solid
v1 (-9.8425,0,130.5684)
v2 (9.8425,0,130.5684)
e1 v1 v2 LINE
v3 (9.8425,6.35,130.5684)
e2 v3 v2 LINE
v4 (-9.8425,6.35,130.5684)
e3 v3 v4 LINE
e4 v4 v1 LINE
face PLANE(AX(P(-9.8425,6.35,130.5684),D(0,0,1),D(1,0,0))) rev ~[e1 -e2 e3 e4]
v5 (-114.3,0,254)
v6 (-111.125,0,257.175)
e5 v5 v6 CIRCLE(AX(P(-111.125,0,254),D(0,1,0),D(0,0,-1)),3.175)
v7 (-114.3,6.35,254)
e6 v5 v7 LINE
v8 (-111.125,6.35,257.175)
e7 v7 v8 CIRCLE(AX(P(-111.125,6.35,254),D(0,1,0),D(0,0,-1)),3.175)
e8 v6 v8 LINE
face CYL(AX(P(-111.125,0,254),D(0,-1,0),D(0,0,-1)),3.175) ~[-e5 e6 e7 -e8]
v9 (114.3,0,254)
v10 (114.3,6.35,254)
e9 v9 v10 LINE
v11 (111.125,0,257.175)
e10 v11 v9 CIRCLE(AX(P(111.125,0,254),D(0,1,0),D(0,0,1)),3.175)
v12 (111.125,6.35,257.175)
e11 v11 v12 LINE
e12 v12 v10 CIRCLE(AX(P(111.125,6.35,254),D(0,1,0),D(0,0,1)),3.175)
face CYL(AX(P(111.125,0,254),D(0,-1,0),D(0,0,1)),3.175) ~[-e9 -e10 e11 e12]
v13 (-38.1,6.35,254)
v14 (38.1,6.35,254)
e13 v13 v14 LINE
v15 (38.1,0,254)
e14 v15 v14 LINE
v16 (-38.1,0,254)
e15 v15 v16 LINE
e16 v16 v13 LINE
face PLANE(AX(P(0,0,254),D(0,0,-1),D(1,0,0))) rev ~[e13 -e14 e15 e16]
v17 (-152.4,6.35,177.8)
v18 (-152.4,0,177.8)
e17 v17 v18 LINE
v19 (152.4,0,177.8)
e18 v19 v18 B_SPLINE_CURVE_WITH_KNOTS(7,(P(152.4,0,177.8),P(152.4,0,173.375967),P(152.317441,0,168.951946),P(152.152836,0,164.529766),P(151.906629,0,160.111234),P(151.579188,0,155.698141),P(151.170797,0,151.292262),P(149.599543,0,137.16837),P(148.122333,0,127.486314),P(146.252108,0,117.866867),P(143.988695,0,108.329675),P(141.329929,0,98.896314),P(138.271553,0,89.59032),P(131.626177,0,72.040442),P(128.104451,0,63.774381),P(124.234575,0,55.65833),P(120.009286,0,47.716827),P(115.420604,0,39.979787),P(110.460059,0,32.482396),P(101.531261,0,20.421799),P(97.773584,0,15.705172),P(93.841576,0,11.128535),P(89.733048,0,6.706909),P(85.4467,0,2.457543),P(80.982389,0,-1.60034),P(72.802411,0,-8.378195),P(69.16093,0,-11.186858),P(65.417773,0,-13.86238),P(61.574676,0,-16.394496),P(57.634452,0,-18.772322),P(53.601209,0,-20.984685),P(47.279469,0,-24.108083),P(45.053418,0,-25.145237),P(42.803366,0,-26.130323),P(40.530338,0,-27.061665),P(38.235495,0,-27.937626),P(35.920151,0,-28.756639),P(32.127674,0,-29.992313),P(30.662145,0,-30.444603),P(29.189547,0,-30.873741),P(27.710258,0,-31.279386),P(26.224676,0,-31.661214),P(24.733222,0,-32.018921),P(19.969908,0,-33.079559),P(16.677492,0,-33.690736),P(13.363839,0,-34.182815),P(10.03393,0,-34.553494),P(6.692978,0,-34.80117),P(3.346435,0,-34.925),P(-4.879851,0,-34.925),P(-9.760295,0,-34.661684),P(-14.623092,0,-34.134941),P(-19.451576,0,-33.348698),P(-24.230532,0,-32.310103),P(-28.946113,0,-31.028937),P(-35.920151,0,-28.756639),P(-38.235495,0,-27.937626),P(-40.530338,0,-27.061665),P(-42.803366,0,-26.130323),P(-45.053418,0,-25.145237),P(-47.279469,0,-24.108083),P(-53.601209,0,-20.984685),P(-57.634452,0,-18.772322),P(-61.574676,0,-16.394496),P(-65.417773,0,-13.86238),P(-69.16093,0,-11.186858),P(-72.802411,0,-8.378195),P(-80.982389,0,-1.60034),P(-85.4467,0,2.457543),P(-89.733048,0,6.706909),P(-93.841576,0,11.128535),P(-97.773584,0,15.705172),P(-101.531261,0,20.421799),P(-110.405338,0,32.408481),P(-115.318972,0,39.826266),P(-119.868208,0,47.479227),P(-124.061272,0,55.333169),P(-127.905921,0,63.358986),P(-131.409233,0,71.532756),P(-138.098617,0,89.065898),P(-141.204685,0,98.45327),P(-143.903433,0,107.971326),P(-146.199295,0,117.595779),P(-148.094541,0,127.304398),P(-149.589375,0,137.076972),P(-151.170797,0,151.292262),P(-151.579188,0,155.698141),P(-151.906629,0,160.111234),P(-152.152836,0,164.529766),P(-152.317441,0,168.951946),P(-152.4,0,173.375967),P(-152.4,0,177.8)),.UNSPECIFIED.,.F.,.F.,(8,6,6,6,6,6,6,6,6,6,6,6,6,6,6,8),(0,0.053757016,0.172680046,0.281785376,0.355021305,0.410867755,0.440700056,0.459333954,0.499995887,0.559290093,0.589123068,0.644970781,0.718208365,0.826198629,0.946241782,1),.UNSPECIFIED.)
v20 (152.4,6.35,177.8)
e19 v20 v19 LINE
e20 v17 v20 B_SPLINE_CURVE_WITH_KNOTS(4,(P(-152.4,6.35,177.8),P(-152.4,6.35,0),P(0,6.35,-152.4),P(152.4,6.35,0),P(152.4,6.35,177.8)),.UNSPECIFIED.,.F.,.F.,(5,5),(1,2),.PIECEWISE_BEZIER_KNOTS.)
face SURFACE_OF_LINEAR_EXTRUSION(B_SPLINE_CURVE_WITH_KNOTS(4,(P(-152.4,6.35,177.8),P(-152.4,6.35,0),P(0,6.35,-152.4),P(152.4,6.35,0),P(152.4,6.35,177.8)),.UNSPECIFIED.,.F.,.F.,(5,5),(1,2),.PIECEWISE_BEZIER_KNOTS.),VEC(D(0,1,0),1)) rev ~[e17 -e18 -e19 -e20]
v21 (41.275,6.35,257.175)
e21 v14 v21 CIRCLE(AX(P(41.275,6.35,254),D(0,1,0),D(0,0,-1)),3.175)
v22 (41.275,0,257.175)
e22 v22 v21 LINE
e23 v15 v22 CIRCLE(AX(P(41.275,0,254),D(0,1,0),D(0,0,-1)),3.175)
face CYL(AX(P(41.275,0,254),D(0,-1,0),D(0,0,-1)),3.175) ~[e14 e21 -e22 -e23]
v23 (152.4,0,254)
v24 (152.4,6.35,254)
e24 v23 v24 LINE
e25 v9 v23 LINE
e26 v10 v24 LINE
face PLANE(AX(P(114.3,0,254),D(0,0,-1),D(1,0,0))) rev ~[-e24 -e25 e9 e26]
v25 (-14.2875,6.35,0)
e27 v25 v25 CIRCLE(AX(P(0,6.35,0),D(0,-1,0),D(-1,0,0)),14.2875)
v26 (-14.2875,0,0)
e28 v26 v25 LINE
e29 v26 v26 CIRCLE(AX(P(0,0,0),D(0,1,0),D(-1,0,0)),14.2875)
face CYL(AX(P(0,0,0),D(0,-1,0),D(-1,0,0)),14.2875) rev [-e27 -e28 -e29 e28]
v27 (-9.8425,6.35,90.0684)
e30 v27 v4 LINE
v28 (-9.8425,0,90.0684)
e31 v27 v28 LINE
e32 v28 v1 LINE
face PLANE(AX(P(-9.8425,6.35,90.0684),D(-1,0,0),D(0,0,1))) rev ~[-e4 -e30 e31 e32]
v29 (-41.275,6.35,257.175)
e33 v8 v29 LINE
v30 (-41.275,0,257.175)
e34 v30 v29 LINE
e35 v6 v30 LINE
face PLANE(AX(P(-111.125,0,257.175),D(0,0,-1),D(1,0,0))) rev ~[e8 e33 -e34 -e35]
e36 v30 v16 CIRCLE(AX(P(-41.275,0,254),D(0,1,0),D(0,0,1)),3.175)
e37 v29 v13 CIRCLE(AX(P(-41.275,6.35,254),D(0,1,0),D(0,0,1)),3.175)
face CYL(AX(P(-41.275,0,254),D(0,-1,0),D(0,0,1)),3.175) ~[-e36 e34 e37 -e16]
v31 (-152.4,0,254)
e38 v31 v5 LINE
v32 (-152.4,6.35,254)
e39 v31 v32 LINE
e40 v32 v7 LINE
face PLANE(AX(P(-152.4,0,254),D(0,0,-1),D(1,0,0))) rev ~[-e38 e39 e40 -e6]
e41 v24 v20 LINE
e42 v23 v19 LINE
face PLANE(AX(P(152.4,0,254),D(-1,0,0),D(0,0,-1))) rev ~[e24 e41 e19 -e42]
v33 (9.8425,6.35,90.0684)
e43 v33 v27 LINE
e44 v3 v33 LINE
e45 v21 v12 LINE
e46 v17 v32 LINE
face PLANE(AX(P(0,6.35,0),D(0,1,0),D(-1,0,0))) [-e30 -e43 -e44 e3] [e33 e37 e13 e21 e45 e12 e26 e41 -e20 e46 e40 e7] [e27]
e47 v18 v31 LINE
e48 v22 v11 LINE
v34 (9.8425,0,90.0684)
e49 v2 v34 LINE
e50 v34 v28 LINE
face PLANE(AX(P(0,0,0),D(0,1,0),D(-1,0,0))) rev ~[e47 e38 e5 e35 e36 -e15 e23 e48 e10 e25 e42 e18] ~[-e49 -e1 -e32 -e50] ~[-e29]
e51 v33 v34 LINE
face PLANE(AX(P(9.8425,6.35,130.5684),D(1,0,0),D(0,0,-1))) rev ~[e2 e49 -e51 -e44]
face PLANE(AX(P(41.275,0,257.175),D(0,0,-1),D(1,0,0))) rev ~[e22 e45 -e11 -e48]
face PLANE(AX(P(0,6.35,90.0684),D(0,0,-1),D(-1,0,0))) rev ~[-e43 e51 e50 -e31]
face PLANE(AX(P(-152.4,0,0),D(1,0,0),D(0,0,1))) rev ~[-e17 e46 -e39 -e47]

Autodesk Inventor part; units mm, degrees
ref_plane "YZ Plane" through (0, 0, 0) normal (1, 0, 0) x (0, 1, 0)
ref_plane "XZ Plane" through (0, 0, 0) normal (0, 1, 0) x (-1, 0, 0)
ref_plane "XY Plane" through (0, 0, 0) normal (0, 0, 1) x (1, 0, 0)
sketch "Sketch1" plane through (0, 0, 0) normal (0, 1, 0) x (-1, 0, 0)
  line L0 (0, -234.315) -> (0, 339.09) projected
  line L1 (-213.36, 0) -> (213.36, 0) projected
  line L2 (213.36, 0) -> (-213.36, 0) projected
  line L3 (0, -234.315) -> (0, 339.09) projected
  line L4 (152.4, 254) -> (-152.4, 254)
  line L5 (-152.4, 254) -> (-152.4, 0)
  line L6 (152.4, 0) -> (152.4, 254)
  arc A0 (-152.4, 0) -> (152.4, 0) centre (0, 0) ccw
  line L7 (111.125, 254) -> (41.275, 254) construction
  line L8 (111.125, 257.175) -> (41.275, 257.175)
  line L9 (41.275, 250.825) -> (111.125, 250.825)
  arc A1 (111.125, 250.825) -> (111.125, 257.175) centre (111.125, 254) ccw
  arc A2 (41.275, 257.175) -> (41.275, 250.825) centre (41.275, 254) ccw
  line L10 (-41.275, 254) -> (-111.125, 254) construction
  line L11 (-41.275, 257.175) -> (-111.125, 257.175)
  line L12 (-111.125, 250.825) -> (-41.275, 250.825)
  arc A3 (-41.275, 250.825) -> (-41.275, 257.175) centre (-41.275, 254) ccw
  arc A4 (-111.125, 257.175) -> (-111.125, 250.825) centre (-111.125, 254) ccw
  circle A5 centre (0, 0) radius 14.2875
  point P0 (76.2, 254)
  point P1 (-76.2, 254)
  point P2 (0, -152.4)
  point P3 (114.3, 254)
  point P4 (38.1, 254)
  dimension "d2" = 69.85
  dimension "d3" = 6.35
  dimension "d4" = 69.85
  dimension "d5" = 6.35
  dimension "d7" = 76.2
  dimension "d8" = 304.8
  dimension "d9" = 76.2
  dimension "d10" = 28.575
  dimension "d11" = 406.4
  dimension "d15" = 76.2
extrude "Extrusion1" add sketch "Sketch1" along normal blind 6.35 contours A0 L1 A5 L0 | L0 A5 L1 A0 | L5 L4 A4 L12 A3 L0 A5 L1 | L1 A5 L0 L4 A2 L9 A1 L6 | A4 L11 A3 L4 | L4 A3 L12 A4 | A1 L9 A2 L4 | L4 A2 L8 A1
sketch "Sketch2" plane through (0, 6.35, 0) normal (0, 1, 0) x (1, 0, 0)
  circle A0 centre (0, 0) radius 57.5
  circle A1 centre (0, -100.33) radius 37.5
  line L0 (-9.8425, -130.5684) -> (9.8425, -130.5684)
  line L1 (9.8425, -130.5684) -> (9.8425, -90.0684)
  line L2 (9.8425, -90.0684) -> (-9.8425, -90.0684)
  line L3 (-9.8425, -90.0684) -> (-9.8425, -130.5684)
  line L4 (0, 234.315) -> (0, -339.09) projected
  dimension "d16" = 115
  dimension "d17" = 75
  dimension "d18" = 19.685
  dimension "d19" = 40.5
  dimension "d20" = 10.2616
  dimension "d21" = 9.8425
  dimension "d24" = 100.33
extrude "Extrusion2" cut sketch "Sketch2" against normal blind 25.4 contours L4 L0 L3 L2 | L2 L1 L0 L4
sketch "Sketch3" plane through (0, 6.35, 0) normal (0, 1, 0) x (1, 0, 0)
  line L0 (9.8425, -90.0684) -> (9.8425, -130.5684) projected
  line L1 (9.8425, -130.5684) -> (-9.8425, -130.5684) projected
  line L2 (-9.8425, -130.5684) -> (-9.8425, -90.0684) projected
  line L3 (-9.8425, -90.0684) -> (9.8425, -90.0684) projected
  circle A0 centre (0, 0) radius 14.2875 projected
  line L4 (-38.1, -254) -> (38.1, -254) projected
  arc A1 (38.1, -254) -> (41.275, -257.175) centre (41.275, -254) ccw projected
  line L5 (41.275, -257.175) -> (111.125, -257.175) projected
  arc A2 (111.125, -257.175) -> (114.3, -254) centre (111.125, -254) ccw projected
  line L6 (114.3, -254) -> (152.4, -254) projected
  line L7 (152.4, -254) -> (152.4, 0) projected
  arc A3 (152.4, 0) -> (-152.4, 0) centre (0, 0) ccw projected
  line L8 (-152.4, 0) -> (-152.4, -254) projected
  line L9 (-152.4, -254) -> (-114.3, -254) projected
  arc A4 (-114.3, -254) -> (-111.125, -257.175) centre (-111.125, -254) ccw projected
  line L10 (-111.125, -257.175) -> (-41.275, -257.175) projected
  arc A5 (-41.275, -257.175) -> (-38.1, -254) centre (-41.275, -254) ccw projected
  line L11 (152.4, -177.8) -> (152.4, 0)
  line L12 (14.2875, 0) -> (-14.2875, 0)
  line L13 (-152.4, 0) -> (-152.4, -177.8)
  arc A6 (152.4, 0) -> (-152.4, 0) centre (0, 0) ccw
  line L14 (-152.4, -177.8) -> (-152.4, 0) construction
  line L15 (-152.4, 0) -> (0, 152.4) construction
  line L16 (0, 152.4) -> (152.4, 0) construction
  line L17 (152.4, 0) -> (152.4, -177.8) construction
  spline S0 degree 4 poles (-152.4, -177.8) (-152.4, 0) (0, 152.4) (152.4, 0) (152.4, -177.8) knots 1 1 1 1 1 2 2 2 2 2
  line L18 (152.4, -177.8) -> (152.4, 0)
  line L19 (-152.4, 0) -> (-152.4, -177.8)
extrude "Extrusion3" cut sketch "Sketch3" against normal blind 25.4 contours L8 A3 L7 S0
properties part number "turretSidePlateOne"
